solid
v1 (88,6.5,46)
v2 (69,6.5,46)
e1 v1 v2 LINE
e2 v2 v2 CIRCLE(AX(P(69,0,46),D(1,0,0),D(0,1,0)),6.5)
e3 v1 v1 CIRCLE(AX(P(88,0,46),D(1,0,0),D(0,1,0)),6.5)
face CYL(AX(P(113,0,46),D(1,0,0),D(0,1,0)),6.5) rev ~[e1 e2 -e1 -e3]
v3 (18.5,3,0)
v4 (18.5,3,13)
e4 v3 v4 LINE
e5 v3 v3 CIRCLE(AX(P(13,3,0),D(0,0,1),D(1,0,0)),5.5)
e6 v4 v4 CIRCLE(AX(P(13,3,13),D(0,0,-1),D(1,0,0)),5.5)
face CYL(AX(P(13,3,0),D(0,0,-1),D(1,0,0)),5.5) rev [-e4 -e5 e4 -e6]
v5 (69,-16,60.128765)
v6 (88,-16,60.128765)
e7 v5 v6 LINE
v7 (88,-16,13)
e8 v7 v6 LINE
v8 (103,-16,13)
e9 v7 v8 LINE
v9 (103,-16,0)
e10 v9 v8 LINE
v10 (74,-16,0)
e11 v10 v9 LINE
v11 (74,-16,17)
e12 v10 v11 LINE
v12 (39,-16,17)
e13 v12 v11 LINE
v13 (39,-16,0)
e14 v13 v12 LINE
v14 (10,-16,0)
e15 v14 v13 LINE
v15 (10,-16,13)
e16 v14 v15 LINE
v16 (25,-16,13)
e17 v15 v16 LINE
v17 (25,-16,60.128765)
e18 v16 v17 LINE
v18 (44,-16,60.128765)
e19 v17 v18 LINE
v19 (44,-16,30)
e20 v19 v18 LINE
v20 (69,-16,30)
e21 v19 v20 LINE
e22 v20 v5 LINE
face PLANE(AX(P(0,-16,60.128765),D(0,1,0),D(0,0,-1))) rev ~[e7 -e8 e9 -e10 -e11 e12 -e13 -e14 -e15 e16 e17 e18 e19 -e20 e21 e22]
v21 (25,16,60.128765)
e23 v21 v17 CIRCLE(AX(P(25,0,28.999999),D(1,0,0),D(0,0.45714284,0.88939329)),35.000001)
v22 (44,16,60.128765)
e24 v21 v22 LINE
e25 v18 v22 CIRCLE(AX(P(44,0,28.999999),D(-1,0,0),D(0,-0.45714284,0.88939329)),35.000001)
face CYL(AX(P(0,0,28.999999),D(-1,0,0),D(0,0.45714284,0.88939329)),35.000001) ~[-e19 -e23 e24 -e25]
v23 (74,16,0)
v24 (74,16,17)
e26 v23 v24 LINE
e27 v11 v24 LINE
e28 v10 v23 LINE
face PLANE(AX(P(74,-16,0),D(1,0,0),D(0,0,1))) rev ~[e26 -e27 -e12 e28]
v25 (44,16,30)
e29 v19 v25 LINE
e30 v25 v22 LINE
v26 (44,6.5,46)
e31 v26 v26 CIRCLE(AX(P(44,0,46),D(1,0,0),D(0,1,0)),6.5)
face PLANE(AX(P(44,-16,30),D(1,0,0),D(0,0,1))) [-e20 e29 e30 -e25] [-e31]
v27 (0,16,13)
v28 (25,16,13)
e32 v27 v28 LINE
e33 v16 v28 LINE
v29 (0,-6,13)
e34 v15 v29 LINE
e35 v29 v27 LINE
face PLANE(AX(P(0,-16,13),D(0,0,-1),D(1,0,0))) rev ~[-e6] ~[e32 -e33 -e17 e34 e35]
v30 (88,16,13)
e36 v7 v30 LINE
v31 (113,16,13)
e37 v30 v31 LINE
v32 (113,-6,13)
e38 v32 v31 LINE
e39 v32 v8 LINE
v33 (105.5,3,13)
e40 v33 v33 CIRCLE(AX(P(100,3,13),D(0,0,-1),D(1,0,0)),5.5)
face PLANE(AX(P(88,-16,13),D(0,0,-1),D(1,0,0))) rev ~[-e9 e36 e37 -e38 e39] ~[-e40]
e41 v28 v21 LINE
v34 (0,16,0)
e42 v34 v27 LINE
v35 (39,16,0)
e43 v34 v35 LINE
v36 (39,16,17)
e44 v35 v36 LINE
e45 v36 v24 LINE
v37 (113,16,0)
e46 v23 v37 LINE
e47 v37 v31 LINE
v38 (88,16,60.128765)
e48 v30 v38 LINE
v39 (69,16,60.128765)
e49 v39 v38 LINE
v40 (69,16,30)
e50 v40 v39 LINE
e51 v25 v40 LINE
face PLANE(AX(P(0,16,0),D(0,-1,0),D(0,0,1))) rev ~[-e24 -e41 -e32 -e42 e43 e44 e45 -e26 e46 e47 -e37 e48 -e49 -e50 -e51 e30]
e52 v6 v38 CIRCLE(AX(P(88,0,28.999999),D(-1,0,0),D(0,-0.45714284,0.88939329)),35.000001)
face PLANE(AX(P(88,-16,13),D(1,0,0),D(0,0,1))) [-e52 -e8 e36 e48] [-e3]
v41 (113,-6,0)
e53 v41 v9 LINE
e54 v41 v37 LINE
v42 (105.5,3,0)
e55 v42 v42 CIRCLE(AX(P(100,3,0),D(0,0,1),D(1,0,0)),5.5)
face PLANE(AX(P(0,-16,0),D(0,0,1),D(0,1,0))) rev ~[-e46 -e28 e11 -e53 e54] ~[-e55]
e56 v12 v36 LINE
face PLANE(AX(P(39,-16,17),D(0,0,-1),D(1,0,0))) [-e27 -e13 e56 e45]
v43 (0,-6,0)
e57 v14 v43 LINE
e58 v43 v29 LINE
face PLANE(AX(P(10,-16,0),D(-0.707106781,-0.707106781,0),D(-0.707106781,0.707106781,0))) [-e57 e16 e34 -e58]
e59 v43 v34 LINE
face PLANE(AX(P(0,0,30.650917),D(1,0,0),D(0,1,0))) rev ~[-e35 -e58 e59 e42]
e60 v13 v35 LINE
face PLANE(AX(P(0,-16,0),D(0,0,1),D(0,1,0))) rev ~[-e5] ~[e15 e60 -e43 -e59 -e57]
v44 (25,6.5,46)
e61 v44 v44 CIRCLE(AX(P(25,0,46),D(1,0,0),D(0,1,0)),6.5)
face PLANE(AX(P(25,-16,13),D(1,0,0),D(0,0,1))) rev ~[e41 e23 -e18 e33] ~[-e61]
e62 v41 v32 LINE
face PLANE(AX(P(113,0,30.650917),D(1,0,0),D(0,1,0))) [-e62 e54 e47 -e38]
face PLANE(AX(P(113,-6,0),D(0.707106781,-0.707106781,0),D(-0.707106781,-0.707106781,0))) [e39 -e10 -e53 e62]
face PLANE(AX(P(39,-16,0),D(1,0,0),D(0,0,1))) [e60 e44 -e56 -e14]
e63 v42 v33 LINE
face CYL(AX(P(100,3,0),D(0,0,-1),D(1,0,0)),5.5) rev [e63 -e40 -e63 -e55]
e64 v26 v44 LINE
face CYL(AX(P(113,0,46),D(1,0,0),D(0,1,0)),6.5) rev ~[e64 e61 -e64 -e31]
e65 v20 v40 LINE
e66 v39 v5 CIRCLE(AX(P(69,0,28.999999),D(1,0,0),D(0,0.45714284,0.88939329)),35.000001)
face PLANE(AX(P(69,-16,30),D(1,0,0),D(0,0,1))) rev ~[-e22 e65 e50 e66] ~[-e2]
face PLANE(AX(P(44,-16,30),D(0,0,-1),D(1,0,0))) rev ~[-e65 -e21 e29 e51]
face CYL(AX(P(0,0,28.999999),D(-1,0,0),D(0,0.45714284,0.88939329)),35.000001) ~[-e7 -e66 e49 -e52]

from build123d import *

# Parameters (mm, degrees)
F1_DEPTH  = 113
F2_R      = 6.5
F3_DEPTH  = 113.001
F4_W      = 25
F4_H      = 51
F5_DEPTH  = 32.001
F6_W      = 25
F6_H      = 34
F7_DEPTH  = 32.001
F8_W      = 35
F8_H      = 17
F9_DEPTH  = 32.001
F10_R     = 5.5
F11_DEPTH = 64.001


with BuildPart() as f1:
    # F0 (on Right) → F1 (new body)
    with BuildSketch(Plane.YZ):
        with BuildLine():
            ThreePointArc((16, 60.128765), (0, 64), (-16, 60.128765))
            Line((-16, 60.128765), (-16, 0))
            Line((-16, 0), (16, 0))
            Line((16, 0), (16, 60.128765))
        make_face()
    extrude(amount=F1_DEPTH)

    # F2 (on face) → F3 (cut, through all)
    with BuildSketch(Plane.YZ.offset(113)):
        with Locations((0, 46)):
            Circle(F2_R)
    extrude(amount=-F3_DEPTH, mode=Mode.SUBTRACT)

    # F4 (on face) → F5 (cut, through all)
    with BuildSketch(Plane.XZ.offset(16)):
        with Locations((12.5, 38.5)):
            Rectangle(F4_W, F4_H)
        with Locations((100.5, 38.5)):
            Rectangle(F4_W, F4_H)
    extrude(amount=-F5_DEPTH, mode=Mode.SUBTRACT)

    # F6 (on face) → F7 (cut, through all)
    with BuildSketch(Plane.XZ.offset(16)):
        with Locations((56.5, 47)):
            Rectangle(F6_W, F6_H)
    extrude(amount=-F7_DEPTH, mode=Mode.SUBTRACT)

    # F8 (on face) → F9 (cut, through all)
    with BuildSketch(Plane.XZ.offset(16)):
        with Locations((56.5, 8.5)):
            Rectangle(F8_W, F8_H)
    extrude(amount=-F9_DEPTH, mode=Mode.SUBTRACT)

    # F10 (on Top) → F11 (cut, through all)
    with BuildSketch(Plane.XY):
        with Locations((13, 3)):
            Circle(F10_R)
        with Locations((100, 3)):
            Circle(F10_R)
        Polygon((10, -16), (0, -6), (0, -16), align=None)
        Polygon((113, -16), (113, -6), (103, -16), align=None)
    extrude(amount=F11_DEPTH, mode=Mode.SUBTRACT)


solid = f1.part
